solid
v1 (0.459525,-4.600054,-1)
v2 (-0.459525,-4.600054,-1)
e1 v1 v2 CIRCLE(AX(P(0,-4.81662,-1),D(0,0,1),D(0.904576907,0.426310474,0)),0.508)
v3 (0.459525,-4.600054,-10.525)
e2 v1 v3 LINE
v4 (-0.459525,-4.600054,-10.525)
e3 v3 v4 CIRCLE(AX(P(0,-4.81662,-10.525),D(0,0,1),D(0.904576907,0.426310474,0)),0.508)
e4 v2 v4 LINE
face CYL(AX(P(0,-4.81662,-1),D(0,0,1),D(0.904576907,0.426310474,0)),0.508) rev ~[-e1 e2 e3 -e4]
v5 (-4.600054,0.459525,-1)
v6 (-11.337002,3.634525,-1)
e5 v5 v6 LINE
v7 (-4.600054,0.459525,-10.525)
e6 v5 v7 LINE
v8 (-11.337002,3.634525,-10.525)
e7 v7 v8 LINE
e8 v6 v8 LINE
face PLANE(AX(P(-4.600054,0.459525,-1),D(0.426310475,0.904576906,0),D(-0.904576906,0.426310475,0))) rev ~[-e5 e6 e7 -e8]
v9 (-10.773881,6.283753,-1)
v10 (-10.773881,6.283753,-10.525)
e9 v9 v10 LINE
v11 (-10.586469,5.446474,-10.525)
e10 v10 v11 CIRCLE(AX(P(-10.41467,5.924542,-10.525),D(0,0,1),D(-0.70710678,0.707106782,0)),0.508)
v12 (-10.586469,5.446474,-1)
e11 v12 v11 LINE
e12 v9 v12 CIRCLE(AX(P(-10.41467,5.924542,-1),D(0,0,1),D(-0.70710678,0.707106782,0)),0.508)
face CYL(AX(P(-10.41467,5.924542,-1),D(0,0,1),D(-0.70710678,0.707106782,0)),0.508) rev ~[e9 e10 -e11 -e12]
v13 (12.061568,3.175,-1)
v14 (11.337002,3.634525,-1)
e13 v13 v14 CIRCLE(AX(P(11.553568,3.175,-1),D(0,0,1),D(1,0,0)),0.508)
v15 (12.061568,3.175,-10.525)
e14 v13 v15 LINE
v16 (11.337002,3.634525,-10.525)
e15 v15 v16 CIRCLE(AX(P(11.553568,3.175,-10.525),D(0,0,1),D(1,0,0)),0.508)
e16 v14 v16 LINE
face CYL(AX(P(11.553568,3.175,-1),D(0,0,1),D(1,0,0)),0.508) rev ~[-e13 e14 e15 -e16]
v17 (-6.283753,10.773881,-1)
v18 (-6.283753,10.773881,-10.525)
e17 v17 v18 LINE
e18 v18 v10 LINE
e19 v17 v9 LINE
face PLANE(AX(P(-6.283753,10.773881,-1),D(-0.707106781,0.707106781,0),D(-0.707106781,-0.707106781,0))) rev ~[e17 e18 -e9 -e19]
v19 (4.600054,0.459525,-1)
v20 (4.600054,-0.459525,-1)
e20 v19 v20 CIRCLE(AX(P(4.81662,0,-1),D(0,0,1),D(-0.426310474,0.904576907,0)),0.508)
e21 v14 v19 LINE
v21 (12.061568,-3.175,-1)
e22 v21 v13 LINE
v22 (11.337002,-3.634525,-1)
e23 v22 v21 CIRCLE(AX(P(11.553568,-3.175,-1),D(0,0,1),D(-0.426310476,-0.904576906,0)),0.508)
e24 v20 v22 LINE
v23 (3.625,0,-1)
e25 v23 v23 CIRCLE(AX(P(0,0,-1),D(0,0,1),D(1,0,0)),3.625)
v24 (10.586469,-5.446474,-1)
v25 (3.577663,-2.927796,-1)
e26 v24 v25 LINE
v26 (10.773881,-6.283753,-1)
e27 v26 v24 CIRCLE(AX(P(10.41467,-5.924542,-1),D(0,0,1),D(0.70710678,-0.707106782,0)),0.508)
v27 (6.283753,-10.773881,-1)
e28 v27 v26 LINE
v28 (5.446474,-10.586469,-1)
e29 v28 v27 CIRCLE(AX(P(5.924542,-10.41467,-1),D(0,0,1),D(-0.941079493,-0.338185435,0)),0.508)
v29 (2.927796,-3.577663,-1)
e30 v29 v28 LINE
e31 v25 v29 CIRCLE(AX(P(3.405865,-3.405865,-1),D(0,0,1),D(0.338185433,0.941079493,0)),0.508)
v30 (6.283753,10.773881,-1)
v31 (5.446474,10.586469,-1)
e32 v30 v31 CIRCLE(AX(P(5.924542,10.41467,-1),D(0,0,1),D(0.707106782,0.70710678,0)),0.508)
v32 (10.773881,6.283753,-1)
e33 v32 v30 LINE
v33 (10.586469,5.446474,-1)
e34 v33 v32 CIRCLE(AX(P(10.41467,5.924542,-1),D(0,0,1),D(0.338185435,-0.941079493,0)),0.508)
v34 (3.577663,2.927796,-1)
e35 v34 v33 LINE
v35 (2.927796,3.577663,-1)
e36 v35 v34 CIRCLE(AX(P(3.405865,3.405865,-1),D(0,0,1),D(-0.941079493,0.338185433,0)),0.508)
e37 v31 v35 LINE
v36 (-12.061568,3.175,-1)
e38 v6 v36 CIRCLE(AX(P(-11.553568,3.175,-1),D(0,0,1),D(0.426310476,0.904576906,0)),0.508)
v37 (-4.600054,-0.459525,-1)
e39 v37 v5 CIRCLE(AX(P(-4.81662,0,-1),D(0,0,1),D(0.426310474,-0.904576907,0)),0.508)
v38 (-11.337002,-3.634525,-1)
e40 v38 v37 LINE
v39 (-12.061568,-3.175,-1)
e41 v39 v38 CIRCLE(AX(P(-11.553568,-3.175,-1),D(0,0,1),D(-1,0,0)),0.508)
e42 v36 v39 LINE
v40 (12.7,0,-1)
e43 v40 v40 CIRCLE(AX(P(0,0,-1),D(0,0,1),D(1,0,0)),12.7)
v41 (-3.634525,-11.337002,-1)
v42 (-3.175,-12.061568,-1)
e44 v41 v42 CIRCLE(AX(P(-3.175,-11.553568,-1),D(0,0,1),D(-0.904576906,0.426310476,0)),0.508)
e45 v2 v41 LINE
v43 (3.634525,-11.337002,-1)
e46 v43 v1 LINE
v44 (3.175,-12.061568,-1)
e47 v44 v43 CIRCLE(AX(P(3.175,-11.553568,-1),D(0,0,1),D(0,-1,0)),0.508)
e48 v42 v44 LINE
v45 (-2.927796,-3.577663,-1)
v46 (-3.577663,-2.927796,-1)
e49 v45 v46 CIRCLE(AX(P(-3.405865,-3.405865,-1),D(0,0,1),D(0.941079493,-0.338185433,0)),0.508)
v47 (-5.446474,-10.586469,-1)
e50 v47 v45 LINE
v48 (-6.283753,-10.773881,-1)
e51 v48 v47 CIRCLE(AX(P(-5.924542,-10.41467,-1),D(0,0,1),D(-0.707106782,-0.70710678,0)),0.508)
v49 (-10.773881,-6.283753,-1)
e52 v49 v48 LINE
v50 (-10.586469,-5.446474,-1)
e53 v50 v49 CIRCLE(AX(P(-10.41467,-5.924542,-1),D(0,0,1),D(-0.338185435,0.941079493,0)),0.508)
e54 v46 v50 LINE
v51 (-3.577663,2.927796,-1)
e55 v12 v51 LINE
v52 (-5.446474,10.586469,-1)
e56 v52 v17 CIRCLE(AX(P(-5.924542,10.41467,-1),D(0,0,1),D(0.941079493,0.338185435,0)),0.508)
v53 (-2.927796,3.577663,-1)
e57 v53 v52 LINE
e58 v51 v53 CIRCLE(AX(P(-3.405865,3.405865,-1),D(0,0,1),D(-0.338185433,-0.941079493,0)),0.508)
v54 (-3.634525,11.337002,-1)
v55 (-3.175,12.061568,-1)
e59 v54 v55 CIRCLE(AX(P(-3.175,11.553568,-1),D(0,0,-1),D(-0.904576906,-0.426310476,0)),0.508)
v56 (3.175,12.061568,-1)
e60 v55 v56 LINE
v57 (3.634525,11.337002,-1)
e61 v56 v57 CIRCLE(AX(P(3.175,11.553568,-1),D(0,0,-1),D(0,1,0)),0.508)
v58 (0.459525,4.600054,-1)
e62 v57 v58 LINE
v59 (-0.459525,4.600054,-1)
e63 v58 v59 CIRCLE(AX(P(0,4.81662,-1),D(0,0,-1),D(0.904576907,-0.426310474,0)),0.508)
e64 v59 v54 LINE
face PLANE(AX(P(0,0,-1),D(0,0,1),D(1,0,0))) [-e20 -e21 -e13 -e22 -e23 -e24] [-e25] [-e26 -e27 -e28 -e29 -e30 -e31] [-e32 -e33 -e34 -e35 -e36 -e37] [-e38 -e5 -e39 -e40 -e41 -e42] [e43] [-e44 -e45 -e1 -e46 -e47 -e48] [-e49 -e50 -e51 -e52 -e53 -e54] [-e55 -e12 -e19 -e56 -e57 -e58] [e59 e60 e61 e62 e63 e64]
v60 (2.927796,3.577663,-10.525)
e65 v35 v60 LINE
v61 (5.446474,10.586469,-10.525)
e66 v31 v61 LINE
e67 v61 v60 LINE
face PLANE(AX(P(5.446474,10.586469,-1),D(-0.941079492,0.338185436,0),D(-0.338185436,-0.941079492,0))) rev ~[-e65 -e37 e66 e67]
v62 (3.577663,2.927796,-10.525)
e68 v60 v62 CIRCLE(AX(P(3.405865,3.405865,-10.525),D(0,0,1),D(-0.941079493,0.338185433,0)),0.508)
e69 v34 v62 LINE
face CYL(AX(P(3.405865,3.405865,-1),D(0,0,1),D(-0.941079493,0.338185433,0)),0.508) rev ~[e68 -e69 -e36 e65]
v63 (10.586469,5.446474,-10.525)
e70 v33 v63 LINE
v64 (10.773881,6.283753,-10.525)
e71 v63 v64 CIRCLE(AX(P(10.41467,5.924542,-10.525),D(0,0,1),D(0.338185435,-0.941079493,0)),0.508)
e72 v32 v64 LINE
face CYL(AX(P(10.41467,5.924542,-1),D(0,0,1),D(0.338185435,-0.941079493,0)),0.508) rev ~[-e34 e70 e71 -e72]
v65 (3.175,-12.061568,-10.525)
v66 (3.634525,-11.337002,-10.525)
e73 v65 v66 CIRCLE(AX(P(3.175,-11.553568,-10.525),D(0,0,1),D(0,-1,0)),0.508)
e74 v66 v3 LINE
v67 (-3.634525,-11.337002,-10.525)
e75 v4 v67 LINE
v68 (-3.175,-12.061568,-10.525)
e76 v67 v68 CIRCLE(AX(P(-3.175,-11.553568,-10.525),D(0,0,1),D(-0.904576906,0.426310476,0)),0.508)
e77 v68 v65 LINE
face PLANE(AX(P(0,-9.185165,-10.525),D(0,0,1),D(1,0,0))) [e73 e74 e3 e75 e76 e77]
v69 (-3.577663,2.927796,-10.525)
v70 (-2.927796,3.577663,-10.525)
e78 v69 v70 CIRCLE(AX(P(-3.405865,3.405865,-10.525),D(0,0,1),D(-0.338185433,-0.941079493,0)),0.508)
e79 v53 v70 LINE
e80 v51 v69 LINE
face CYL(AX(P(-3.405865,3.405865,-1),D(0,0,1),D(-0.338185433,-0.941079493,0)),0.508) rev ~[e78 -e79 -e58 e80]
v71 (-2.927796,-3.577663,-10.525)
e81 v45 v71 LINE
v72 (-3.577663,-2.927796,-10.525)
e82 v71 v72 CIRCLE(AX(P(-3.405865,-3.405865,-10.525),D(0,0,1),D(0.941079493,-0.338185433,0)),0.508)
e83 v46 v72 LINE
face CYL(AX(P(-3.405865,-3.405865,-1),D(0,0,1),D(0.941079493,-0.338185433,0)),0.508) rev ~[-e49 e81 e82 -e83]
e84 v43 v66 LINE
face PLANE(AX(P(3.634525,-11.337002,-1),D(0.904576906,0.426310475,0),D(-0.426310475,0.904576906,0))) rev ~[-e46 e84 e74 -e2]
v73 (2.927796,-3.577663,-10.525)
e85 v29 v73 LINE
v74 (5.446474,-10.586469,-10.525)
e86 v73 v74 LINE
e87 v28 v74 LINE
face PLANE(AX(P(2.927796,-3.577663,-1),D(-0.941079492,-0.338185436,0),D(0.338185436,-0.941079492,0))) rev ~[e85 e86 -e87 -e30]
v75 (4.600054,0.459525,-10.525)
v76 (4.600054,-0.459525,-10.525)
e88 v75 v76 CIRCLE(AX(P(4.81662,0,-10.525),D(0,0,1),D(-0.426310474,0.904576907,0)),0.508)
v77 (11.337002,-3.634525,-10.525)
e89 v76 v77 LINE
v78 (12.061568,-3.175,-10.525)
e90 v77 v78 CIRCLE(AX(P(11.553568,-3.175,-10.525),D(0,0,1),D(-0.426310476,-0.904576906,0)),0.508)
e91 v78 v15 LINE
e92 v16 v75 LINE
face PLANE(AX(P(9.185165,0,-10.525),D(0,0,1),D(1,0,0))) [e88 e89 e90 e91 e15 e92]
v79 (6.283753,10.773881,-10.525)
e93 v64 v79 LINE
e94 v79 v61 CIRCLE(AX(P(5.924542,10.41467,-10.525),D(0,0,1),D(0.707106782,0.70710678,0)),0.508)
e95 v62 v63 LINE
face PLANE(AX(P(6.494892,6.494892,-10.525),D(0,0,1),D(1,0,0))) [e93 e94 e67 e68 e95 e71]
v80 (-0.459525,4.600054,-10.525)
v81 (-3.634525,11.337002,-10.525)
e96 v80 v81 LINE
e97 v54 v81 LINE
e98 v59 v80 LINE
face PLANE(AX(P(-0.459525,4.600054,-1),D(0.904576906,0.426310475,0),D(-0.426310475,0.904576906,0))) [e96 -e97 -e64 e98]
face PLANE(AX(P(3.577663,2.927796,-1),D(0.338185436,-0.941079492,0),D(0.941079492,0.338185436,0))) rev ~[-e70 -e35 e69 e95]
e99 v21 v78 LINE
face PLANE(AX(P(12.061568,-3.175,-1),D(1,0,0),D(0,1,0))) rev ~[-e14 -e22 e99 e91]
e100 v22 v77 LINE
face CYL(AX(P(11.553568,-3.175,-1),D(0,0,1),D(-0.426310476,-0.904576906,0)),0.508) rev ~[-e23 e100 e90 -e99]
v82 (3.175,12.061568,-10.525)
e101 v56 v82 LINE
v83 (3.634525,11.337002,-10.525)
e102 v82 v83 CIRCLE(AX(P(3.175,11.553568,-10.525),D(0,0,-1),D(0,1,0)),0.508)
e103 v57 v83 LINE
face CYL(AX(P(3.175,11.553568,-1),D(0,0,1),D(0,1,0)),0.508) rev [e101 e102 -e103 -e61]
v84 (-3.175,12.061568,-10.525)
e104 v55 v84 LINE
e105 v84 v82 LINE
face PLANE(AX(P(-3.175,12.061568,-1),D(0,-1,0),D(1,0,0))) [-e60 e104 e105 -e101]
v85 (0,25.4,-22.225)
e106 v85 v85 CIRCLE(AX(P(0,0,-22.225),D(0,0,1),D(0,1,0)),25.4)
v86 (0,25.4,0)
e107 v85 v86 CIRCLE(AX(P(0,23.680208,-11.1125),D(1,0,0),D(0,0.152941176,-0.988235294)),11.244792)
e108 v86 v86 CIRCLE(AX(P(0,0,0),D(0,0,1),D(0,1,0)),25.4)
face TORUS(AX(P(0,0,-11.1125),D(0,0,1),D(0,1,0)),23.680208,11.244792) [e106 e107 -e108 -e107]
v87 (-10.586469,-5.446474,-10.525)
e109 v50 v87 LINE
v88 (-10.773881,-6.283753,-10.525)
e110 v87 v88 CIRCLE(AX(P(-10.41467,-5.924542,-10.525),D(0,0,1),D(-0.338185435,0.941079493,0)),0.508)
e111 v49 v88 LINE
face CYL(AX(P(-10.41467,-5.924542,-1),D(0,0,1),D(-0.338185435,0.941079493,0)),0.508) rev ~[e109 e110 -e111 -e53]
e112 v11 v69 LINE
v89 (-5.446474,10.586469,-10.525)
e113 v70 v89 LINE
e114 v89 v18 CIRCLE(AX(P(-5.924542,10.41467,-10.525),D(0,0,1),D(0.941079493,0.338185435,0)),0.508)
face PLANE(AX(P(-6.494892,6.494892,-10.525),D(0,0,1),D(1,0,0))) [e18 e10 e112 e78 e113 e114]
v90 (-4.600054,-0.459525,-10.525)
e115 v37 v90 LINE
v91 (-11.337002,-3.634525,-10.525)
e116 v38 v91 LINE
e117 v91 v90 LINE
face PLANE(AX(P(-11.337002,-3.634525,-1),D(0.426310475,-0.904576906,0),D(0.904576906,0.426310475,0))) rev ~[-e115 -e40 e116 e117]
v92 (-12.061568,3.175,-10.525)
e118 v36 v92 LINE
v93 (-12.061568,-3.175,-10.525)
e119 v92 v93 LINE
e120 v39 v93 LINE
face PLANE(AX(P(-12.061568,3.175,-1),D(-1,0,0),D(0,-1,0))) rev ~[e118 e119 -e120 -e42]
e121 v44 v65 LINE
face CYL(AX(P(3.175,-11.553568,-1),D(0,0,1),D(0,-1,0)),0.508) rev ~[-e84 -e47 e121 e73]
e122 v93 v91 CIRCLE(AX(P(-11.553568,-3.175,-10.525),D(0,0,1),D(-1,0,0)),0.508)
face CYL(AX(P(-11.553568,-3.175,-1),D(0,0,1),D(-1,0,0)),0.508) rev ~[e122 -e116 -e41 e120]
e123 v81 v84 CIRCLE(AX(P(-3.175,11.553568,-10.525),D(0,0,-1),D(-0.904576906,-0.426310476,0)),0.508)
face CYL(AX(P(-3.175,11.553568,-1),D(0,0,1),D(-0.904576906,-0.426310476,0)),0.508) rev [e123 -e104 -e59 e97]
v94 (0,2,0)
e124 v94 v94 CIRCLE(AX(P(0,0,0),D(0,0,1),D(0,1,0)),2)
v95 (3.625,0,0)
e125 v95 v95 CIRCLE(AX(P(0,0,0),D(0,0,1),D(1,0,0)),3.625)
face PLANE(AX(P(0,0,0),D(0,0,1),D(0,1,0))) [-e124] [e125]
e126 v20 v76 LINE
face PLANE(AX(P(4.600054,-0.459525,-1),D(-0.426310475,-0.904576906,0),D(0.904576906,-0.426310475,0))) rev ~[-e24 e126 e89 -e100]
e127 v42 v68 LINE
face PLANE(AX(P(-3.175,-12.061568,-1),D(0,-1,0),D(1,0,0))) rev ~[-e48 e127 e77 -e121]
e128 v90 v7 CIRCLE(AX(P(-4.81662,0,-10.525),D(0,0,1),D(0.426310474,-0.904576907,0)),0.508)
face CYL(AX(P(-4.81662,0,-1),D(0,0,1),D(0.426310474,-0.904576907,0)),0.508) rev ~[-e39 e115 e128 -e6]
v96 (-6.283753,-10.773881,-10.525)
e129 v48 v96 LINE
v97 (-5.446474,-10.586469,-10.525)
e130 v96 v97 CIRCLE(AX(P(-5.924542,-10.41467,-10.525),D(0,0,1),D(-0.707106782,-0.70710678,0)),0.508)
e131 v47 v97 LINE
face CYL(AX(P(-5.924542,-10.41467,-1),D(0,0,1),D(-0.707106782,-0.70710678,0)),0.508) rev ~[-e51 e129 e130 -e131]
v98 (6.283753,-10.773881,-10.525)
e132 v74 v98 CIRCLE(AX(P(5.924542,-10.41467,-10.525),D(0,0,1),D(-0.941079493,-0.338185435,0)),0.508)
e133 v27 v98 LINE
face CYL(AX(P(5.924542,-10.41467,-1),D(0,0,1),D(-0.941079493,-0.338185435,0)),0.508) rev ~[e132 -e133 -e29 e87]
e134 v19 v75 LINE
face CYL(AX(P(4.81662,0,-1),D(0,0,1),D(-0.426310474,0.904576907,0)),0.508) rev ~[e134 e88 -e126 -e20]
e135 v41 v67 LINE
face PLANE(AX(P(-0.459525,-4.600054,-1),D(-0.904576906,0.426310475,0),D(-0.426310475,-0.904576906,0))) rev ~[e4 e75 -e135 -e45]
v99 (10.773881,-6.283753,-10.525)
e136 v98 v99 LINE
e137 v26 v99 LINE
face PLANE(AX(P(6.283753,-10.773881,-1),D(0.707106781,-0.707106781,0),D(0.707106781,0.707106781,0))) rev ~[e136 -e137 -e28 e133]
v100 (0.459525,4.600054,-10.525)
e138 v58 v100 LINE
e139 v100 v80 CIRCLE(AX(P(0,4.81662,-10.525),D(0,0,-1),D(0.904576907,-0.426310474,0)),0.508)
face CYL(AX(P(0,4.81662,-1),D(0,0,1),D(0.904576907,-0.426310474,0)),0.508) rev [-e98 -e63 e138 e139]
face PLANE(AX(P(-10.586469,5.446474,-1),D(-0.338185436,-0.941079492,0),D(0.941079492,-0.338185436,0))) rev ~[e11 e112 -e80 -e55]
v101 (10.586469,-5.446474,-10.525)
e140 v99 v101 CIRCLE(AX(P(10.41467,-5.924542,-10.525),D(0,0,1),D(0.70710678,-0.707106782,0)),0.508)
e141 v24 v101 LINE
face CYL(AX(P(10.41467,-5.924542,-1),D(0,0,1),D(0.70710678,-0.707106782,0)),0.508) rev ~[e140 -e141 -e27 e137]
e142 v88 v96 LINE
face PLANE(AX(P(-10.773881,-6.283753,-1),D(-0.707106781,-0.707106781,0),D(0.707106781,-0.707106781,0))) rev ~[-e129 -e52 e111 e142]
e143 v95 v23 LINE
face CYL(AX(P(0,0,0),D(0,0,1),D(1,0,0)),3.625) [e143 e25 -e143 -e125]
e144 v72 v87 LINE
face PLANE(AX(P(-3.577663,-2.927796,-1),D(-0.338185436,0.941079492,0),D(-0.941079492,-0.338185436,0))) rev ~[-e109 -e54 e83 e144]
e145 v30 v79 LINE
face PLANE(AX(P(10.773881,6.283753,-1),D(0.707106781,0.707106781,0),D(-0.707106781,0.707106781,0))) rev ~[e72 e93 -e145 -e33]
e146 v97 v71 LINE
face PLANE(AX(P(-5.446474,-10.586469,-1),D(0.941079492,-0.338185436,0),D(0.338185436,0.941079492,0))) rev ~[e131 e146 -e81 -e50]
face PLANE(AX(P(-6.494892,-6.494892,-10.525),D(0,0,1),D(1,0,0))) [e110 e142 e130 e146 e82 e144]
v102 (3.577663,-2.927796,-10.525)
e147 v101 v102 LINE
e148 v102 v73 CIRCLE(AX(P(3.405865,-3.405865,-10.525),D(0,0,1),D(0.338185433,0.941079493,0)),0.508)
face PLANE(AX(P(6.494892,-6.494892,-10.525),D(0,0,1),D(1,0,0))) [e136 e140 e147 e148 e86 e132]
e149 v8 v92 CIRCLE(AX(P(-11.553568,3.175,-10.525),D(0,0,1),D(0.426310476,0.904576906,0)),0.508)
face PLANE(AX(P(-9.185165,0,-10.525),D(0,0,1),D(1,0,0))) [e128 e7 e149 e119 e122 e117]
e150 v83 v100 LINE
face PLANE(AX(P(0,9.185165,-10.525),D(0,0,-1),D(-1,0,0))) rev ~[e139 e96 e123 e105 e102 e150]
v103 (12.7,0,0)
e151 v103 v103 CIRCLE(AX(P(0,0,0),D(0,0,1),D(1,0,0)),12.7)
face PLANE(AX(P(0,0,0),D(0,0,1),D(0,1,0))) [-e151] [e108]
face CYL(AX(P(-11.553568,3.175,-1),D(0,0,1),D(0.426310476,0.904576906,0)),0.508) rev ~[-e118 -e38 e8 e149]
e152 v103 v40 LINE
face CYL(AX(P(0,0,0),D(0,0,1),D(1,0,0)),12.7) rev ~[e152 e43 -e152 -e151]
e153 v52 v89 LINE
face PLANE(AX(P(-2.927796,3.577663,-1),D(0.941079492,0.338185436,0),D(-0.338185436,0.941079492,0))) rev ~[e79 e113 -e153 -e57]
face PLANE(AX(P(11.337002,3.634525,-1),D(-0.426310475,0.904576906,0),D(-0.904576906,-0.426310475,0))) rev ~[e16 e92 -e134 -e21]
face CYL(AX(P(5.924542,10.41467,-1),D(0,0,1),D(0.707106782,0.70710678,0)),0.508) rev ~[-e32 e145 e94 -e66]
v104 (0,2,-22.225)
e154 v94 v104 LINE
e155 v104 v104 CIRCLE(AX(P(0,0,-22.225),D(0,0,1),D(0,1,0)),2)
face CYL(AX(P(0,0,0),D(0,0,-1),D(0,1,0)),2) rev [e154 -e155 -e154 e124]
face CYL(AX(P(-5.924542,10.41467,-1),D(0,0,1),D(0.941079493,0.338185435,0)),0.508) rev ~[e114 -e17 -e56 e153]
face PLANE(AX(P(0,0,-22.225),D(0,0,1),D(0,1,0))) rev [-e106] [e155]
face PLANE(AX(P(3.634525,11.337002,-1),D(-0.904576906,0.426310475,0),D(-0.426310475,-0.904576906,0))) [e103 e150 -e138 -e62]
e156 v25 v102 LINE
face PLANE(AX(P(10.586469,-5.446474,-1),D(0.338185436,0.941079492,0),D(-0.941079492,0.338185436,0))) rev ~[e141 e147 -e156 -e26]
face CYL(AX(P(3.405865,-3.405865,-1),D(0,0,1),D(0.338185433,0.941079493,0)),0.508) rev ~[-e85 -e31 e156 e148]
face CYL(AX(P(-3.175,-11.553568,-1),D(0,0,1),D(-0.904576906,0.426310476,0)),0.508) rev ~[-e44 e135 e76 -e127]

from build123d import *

# Parameters (mm, degrees)
SKETCH2_R          = 12.7
SKETCH2_R_2        = 3.625
CUT_EXTRUDE1_DEPTH = 1
CUT_EXTRUDE2_DEPTH = 9.525


with BuildPart() as part:
    # Sketch1 → Revolve1 (revolve)
    with BuildSketch(Plane(origin=(0, 0, 0), x_dir=(0, 0, -1), z_dir=(1, 0, 0))):
        with BuildLine():
            Line((0, 25.4), (0, 2))
            Line((0, 2), (22.225, 2))
            Line((22.225, 2), (22.225, 25.4))
            ThreePointArc((22.225, 25.4), (11.1125, 34.925), (0, 25.4))
        make_face()
    revolve(axis=Axis((0, 0, -22.225), (0, 0, 1)))

    # Sketch2 → Cut-Extrude1 (cut)
    with BuildSketch(Plane.XY):
        Circle(SKETCH2_R)
        Circle(SKETCH2_R_2, mode=Mode.SUBTRACT)
    extrude(amount=-CUT_EXTRUDE1_DEPTH, mode=Mode.SUBTRACT)

    # Sketch3 → Cut-Extrude2 (cut)
    with BuildSketch(Plane.XY.offset(-1)):
        with BuildLine():
            Line((-0.459525068, 4.600054071), (-3.634525068, 11.337002474))
            ThreePointArc((-3.634525068, 11.337002474), (-3.603998477, 11.825642279), (-3.175, 12.061568196))
            Line((-3.175, 12.061568196), (3.175, 12.061568196))
            ThreePointArc((3.175, 12.061568196), (3.603998477, 11.825642279), (3.634525068, 11.337002474))
            Line((3.634525068, 11.337002474), (0.459525068, 4.600054071))
            ThreePointArc((0.459525068, 4.600054071), (0, 4.308619792), (-0.459525068, 4.600054071))
        make_face()
        with BuildLine():
            Line((3.577662719, 2.927796135), (10.58646865, 5.446474006))
            ThreePointArc((10.58646865, 5.446474006), (10.91040361, 5.813580085), (10.773880693, 6.283752633))
            Line((10.773880693, 6.283752633), (6.283752633, 10.773880693))
            ThreePointArc((6.283752633, 10.773880693), (5.813580085, 10.91040361), (5.446474006, 10.58646865))
            Line((5.446474006, 10.58646865), (2.927796135, 3.577662719))
            ThreePointArc((2.927796135, 3.577662719), (3.046654273, 3.046654273), (3.577662719, 2.927796135))
        make_face()
        with BuildLine():
            Line((4.600054071, -0.459525068), (11.337002474, -3.634525068))
            ThreePointArc((11.337002474, -3.634525068), (11.825642279, -3.603998477), (12.061568196, -3.175))
            Line((12.061568196, -3.175), (12.061568196, 3.175))
            ThreePointArc((12.061568196, 3.175), (11.825642279, 3.603998477), (11.337002474, 3.634525068))
            Line((11.337002474, 3.634525068), (4.600054071, 0.459525068))
            ThreePointArc((4.600054071, 0.459525068), (4.308619792, 0), (4.600054071, -0.459525068))
        make_face()
        with BuildLine():
            Line((2.927796135, -3.577662719), (5.446474006, -10.58646865))
            ThreePointArc((5.446474006, -10.58646865), (5.813580085, -10.91040361), (6.283752633, -10.773880693))
            Line((6.283752633, -10.773880693), (10.773880693, -6.283752633))
            ThreePointArc((10.773880693, -6.283752633), (10.91040361, -5.813580085), (10.58646865, -5.446474006))
            Line((10.58646865, -5.446474006), (3.577662719, -2.927796135))
            ThreePointArc((3.577662719, -2.927796135), (3.046654273, -3.046654273), (2.927796135, -3.577662719))
        make_face()
        with BuildLine():
            Line((-0.459525068, -4.600054071), (-3.634525068, -11.337002474))
            ThreePointArc((-3.634525068, -11.337002474), (-3.603998477, -11.825642279), (-3.175, -12.061568196))
            Line((-3.175, -12.061568196), (3.175, -12.061568196))
            ThreePointArc((3.175, -12.061568196), (3.603998477, -11.825642279), (3.634525068, -11.337002474))
            Line((3.634525068, -11.337002474), (0.459525068, -4.600054071))
            ThreePointArc((0.459525068, -4.600054071), (0, -4.308619792), (-0.459525068, -4.600054071))
        make_face()
        with BuildLine():
            Line((-3.577662719, -2.927796135), (-10.58646865, -5.446474006))
            ThreePointArc((-10.58646865, -5.446474006), (-10.91040361, -5.813580085), (-10.773880693, -6.283752633))
            Line((-10.773880693, -6.283752633), (-6.283752633, -10.773880693))
            ThreePointArc((-6.283752633, -10.773880693), (-5.813580085, -10.91040361), (-5.446474006, -10.58646865))
            Line((-5.446474006, -10.58646865), (-2.927796135, -3.577662719))
            ThreePointArc((-2.927796135, -3.577662719), (-3.046654273, -3.046654273), (-3.577662719, -2.927796135))
        make_face()
        with BuildLine():
            Line((-4.600054071, 0.459525068), (-11.337002474, 3.634525068))
            ThreePointArc((-11.337002474, 3.634525068), (-11.825642279, 3.603998477), (-12.061568196, 3.175))
            Line((-12.061568196, 3.175), (-12.061568196, -3.175))
            ThreePointArc((-12.061568196, -3.175), (-11.825642279, -3.603998477), (-11.337002474, -3.634525068))
            Line((-11.337002474, -3.634525068), (-4.600054071, -0.459525068))
            ThreePointArc((-4.600054071, -0.459525068), (-4.308619792, 0), (-4.600054071, 0.459525068))
        make_face()
        with BuildLine():
            Line((-2.927796135, 3.577662719), (-5.446474006, 10.58646865))
            ThreePointArc((-5.446474006, 10.58646865), (-5.813580085, 10.91040361), (-6.283752633, 10.773880693))
            Line((-6.283752633, 10.773880693), (-10.773880693, 6.283752633))
            ThreePointArc((-10.773880693, 6.283752633), (-10.91040361, 5.813580085), (-10.58646865, 5.446474006))
            Line((-10.58646865, 5.446474006), (-3.577662719, 2.927796135))
            ThreePointArc((-3.577662719, 2.927796135), (-3.046654273, 3.046654273), (-2.927796135, 3.577662719))
        make_face()
    extrude(amount=-CUT_EXTRUDE2_DEPTH, mode=Mode.SUBTRACT)


solid = part.part
